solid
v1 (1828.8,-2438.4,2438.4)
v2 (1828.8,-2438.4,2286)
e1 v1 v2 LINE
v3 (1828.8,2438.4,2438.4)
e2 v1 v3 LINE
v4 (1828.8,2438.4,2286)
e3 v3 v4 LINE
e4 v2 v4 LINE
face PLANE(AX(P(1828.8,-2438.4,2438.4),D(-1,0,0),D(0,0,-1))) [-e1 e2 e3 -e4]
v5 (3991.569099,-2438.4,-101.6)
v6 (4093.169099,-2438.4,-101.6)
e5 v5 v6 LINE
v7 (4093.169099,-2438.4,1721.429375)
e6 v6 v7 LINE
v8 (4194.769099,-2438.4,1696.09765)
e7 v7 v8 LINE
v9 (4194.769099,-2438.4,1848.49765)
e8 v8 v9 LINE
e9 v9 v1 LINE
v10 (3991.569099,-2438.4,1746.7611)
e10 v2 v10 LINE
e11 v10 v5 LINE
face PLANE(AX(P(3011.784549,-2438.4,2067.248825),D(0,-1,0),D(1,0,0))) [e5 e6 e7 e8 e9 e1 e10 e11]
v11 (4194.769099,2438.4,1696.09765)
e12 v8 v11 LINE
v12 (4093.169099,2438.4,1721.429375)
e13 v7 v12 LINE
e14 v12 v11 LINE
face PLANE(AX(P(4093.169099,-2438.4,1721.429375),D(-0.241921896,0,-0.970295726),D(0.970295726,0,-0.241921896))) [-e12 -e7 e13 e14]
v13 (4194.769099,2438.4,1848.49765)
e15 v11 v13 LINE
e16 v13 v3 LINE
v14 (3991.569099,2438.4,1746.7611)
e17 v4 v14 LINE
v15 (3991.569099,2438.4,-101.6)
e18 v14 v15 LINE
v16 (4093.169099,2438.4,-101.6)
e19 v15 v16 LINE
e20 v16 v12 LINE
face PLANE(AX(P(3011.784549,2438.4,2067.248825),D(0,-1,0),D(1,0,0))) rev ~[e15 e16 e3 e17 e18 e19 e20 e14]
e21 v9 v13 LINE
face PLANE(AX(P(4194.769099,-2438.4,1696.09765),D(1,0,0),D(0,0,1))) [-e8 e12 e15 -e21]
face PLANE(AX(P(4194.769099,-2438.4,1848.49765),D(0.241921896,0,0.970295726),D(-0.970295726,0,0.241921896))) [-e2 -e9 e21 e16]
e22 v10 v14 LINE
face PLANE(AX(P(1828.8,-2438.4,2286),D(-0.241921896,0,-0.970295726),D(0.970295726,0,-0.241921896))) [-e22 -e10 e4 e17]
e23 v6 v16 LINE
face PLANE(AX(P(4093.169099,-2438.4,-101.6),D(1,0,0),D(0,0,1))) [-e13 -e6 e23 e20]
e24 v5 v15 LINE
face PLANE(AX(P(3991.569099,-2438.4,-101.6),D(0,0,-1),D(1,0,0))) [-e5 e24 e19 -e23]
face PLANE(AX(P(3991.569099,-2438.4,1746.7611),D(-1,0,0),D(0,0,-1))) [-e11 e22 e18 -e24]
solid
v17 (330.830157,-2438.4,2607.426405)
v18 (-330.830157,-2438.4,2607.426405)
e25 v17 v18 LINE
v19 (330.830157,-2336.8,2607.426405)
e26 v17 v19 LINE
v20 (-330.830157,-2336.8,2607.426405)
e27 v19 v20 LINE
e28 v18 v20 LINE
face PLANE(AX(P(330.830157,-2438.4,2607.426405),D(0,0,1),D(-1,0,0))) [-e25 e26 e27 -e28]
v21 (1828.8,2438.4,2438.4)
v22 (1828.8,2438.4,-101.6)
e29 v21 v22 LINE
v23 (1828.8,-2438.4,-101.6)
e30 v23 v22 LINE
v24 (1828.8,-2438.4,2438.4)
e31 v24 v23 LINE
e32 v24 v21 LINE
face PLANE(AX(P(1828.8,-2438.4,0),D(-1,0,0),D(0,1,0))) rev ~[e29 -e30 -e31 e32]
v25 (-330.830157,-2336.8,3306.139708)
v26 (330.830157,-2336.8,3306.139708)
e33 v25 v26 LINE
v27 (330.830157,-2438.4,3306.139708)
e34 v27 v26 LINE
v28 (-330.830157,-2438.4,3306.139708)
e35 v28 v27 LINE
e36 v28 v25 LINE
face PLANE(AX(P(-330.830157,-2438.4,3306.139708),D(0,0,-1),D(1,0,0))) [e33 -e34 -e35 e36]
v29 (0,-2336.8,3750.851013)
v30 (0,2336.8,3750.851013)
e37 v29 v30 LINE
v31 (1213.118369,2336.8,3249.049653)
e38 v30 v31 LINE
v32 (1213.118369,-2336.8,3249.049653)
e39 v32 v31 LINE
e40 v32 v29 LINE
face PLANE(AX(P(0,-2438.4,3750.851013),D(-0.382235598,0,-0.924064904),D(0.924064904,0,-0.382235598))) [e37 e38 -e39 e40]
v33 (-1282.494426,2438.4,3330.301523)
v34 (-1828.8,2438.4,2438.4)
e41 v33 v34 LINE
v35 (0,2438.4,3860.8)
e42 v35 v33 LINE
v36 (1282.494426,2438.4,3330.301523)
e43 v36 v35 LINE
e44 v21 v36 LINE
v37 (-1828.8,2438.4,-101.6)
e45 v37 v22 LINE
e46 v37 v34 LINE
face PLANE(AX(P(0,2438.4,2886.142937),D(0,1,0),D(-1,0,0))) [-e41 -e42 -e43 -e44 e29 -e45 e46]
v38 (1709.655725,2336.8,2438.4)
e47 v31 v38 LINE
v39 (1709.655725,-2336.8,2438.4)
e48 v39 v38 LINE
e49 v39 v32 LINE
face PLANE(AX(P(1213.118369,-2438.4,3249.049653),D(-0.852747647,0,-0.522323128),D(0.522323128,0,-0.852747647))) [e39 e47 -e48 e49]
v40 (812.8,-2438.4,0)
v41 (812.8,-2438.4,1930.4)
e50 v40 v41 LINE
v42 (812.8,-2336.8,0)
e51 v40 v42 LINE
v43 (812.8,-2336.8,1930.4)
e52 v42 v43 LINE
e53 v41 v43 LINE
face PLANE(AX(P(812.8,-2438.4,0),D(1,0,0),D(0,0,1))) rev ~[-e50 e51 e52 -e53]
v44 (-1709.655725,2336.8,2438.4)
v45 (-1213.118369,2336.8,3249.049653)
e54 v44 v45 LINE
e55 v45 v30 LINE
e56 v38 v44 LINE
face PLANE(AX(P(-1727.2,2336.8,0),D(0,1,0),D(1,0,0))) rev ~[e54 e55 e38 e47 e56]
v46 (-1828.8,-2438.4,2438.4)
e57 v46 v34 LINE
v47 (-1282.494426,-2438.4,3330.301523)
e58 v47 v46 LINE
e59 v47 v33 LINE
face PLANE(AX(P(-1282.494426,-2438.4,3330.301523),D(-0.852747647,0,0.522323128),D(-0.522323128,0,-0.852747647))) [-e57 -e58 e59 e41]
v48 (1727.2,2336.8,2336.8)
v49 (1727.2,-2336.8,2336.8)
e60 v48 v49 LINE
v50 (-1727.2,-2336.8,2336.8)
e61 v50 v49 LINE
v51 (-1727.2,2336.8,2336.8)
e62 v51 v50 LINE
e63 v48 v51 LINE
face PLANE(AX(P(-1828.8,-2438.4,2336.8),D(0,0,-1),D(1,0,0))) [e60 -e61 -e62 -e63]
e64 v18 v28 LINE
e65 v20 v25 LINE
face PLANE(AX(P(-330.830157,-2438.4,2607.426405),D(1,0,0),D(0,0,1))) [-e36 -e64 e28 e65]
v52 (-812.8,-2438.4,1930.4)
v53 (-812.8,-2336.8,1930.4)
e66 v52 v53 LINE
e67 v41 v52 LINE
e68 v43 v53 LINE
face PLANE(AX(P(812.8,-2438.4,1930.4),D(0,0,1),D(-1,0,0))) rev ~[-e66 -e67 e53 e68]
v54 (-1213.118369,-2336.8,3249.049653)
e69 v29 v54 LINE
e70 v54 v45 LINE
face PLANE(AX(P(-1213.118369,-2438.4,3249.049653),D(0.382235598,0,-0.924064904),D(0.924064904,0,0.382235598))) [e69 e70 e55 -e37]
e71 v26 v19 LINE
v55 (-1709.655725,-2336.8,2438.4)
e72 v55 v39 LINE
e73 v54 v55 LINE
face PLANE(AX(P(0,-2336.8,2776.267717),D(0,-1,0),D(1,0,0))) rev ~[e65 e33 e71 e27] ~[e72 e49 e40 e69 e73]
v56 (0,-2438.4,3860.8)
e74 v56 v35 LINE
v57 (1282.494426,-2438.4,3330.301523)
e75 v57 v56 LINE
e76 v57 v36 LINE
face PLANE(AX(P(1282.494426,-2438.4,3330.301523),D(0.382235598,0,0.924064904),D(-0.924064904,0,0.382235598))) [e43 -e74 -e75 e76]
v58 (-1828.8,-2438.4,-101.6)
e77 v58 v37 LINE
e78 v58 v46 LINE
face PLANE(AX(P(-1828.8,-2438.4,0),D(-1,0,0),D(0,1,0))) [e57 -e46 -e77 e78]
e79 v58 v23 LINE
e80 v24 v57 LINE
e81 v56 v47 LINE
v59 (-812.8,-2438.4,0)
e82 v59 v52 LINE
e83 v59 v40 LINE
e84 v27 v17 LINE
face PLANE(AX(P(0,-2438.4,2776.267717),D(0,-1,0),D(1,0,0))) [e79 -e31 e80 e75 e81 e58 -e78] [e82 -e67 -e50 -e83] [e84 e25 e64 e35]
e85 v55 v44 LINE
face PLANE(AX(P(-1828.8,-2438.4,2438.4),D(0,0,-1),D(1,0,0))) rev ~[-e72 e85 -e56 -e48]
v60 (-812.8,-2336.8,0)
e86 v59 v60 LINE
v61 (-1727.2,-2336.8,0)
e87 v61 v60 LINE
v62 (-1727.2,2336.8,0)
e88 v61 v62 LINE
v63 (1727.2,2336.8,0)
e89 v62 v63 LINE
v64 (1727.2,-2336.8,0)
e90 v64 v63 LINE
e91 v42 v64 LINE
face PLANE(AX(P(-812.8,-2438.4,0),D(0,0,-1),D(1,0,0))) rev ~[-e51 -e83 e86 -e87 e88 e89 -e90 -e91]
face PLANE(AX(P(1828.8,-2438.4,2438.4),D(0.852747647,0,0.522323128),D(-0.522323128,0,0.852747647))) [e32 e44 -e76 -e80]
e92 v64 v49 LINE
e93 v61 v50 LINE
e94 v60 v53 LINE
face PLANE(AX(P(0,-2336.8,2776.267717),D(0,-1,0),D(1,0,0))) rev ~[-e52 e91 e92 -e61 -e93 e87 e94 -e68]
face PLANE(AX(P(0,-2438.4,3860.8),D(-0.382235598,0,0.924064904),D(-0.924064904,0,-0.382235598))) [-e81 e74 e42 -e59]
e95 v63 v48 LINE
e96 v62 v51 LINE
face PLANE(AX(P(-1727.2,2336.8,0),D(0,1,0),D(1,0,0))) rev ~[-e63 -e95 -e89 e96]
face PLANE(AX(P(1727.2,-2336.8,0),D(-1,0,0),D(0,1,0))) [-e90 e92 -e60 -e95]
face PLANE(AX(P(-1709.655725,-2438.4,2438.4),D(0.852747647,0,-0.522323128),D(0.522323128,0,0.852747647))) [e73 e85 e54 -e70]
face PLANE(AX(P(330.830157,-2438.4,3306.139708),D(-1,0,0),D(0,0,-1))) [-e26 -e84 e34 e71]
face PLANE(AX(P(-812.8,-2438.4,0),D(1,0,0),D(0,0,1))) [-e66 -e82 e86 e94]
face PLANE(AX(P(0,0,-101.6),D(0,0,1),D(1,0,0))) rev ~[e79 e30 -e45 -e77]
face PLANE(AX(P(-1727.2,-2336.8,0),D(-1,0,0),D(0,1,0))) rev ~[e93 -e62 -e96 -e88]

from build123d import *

# Parameters (mm, degrees)
F0_W      = 3657.6
F0_H      = 4876.8
F1_DEPTH  = 101.6
F2_W      = 3657.6
F2_H      = 4876.8
F2_W_2    = 3454.4
F2_H_2    = 4673.6
F3_DEPTH  = 2438.4
F4_W      = 812.8
F4_H      = 1930.4
F5_DEPTH  = 101.6
F7_DEPTH  = 4876.8
F9_DEPTH  = 101.6
F11_DEPTH = 101.6
F12_W     = 3657.6
F12_H     = 101.6
F13_DEPTH = 4876.8
F15_DEPTH = 4876.8
F18_DEPTH = 4876.8


with BuildPart() as f1:
    # F0 (on Top) → F1 (new body)
    with BuildSketch(Plane.XY):
        Rectangle(F0_W, F0_H)
    extrude(amount=-F1_DEPTH)

    # F2 (on face) → F3 (join)
    with BuildSketch(Plane.XY):
        Rectangle(F2_W, F2_H)
        Rectangle(F2_W_2, F2_H_2, mode=Mode.SUBTRACT)
    extrude(amount=F3_DEPTH)

    # F4 (on face) → F5 (cut)
    with BuildSketch(Plane.XZ.offset(2438.4)):
        with Locations((-406.4, 965.2)):
            Rectangle(F4_W, F4_H)
        with Locations((406.4, 965.2)):
            Rectangle(F4_W, F4_H)
    extrude(amount=-F5_DEPTH, mode=Mode.SUBTRACT)

    # F6 (on face) → F7 (join)
    with BuildSketch(Plane.XZ.offset(2438.4)):
        Polygon((-1282.4944257736, 3330.3015232086), (-1828.8, 2438.4), (-1709.655725252, 2438.4), (-1213.1183690764, 3249.0496532277), (0, 3750.851013163), (1213.1183690764, 3249.0496532277), (1709.655725252, 2438.4), (1828.8, 2438.4), (1282.4944257736, 3330.3015232086), (0, 3860.8), align=None)
    extrude(amount=-F7_DEPTH)

    # F8 (on face) → F9 (join)
    with BuildSketch(Plane.XZ.offset(2438.4)):
        Polygon((-1213.1183690764, 3249.0496532277), (-1709.655725252, 2438.4), (1709.655725252, 2438.4), (1213.1183690764, 3249.0496532277), (330.8301568031, 3306.1397075653), (330.8301568031, 2607.426404953), (-330.8301568031, 2607.426404953), (-330.8301568031, 3306.1397075653), align=None)
        Polygon((0, 3750.851013163), (-1213.1183690764, 3249.0496532277), (-330.8301568031, 3306.1397075653), (330.8301568031, 3306.1397075653), (1213.1183690764, 3249.0496532277), align=None)
    extrude(amount=-F9_DEPTH)

    # F10 (on face) → F11 (join)
    with BuildSketch(Plane(origin=(0, 2438.4, 0), x_dir=(-1, 0, 0), z_dir=(0, 1, 0))):
        Polygon((-1213.1183690764, 3249.0496532277), (-1709.655725252, 2438.4), (1709.655725252, 2438.4), (1213.1183690764, 3249.0496532277), (0, 3750.851013163), align=None)
    extrude(amount=-F11_DEPTH)

    # F12 (on face) → F13 (join)
    with BuildSketch(Plane.XZ.offset(2438.4)):
        with Locations((0, 2387.6)):
            Rectangle(F12_W, F12_H)
    extrude(amount=-F13_DEPTH)


with BuildPart() as f15:
    # F14 (on face) → F15 (new body)
    with BuildSketch(Plane.XZ.offset(2438.4)):
        Polygon((4194.7690989514, 1848.4976497698), (1828.8, 2438.4), (1828.8, 2286), (4194.7690989514, 1696.0976497698), align=None)
    extrude(amount=-F15_DEPTH)


with BuildPart() as f18:
    # F17 (on face) → F18 (new body)
    with BuildSketch(Plane.XZ.offset(2438.4)):
        Polygon((4194.7690989514, 1848.4976497698), (1828.8, 2438.4), (1828.8, 2286), (3991.5690989514, 1746.7610999475), (4093.1690989514, 1721.4293748586), (4194.7690989514, 1696.0976497698), align=None)
        Polygon((4093.1690989514, 1721.4293748586), (3991.5690989514, 1746.7610999475), (3991.5690989514, -101.6), (4093.1690989514, -101.6), align=None)
    extrude(amount=-F18_DEPTH)


solid = Compound([f1.part, f18.part])
